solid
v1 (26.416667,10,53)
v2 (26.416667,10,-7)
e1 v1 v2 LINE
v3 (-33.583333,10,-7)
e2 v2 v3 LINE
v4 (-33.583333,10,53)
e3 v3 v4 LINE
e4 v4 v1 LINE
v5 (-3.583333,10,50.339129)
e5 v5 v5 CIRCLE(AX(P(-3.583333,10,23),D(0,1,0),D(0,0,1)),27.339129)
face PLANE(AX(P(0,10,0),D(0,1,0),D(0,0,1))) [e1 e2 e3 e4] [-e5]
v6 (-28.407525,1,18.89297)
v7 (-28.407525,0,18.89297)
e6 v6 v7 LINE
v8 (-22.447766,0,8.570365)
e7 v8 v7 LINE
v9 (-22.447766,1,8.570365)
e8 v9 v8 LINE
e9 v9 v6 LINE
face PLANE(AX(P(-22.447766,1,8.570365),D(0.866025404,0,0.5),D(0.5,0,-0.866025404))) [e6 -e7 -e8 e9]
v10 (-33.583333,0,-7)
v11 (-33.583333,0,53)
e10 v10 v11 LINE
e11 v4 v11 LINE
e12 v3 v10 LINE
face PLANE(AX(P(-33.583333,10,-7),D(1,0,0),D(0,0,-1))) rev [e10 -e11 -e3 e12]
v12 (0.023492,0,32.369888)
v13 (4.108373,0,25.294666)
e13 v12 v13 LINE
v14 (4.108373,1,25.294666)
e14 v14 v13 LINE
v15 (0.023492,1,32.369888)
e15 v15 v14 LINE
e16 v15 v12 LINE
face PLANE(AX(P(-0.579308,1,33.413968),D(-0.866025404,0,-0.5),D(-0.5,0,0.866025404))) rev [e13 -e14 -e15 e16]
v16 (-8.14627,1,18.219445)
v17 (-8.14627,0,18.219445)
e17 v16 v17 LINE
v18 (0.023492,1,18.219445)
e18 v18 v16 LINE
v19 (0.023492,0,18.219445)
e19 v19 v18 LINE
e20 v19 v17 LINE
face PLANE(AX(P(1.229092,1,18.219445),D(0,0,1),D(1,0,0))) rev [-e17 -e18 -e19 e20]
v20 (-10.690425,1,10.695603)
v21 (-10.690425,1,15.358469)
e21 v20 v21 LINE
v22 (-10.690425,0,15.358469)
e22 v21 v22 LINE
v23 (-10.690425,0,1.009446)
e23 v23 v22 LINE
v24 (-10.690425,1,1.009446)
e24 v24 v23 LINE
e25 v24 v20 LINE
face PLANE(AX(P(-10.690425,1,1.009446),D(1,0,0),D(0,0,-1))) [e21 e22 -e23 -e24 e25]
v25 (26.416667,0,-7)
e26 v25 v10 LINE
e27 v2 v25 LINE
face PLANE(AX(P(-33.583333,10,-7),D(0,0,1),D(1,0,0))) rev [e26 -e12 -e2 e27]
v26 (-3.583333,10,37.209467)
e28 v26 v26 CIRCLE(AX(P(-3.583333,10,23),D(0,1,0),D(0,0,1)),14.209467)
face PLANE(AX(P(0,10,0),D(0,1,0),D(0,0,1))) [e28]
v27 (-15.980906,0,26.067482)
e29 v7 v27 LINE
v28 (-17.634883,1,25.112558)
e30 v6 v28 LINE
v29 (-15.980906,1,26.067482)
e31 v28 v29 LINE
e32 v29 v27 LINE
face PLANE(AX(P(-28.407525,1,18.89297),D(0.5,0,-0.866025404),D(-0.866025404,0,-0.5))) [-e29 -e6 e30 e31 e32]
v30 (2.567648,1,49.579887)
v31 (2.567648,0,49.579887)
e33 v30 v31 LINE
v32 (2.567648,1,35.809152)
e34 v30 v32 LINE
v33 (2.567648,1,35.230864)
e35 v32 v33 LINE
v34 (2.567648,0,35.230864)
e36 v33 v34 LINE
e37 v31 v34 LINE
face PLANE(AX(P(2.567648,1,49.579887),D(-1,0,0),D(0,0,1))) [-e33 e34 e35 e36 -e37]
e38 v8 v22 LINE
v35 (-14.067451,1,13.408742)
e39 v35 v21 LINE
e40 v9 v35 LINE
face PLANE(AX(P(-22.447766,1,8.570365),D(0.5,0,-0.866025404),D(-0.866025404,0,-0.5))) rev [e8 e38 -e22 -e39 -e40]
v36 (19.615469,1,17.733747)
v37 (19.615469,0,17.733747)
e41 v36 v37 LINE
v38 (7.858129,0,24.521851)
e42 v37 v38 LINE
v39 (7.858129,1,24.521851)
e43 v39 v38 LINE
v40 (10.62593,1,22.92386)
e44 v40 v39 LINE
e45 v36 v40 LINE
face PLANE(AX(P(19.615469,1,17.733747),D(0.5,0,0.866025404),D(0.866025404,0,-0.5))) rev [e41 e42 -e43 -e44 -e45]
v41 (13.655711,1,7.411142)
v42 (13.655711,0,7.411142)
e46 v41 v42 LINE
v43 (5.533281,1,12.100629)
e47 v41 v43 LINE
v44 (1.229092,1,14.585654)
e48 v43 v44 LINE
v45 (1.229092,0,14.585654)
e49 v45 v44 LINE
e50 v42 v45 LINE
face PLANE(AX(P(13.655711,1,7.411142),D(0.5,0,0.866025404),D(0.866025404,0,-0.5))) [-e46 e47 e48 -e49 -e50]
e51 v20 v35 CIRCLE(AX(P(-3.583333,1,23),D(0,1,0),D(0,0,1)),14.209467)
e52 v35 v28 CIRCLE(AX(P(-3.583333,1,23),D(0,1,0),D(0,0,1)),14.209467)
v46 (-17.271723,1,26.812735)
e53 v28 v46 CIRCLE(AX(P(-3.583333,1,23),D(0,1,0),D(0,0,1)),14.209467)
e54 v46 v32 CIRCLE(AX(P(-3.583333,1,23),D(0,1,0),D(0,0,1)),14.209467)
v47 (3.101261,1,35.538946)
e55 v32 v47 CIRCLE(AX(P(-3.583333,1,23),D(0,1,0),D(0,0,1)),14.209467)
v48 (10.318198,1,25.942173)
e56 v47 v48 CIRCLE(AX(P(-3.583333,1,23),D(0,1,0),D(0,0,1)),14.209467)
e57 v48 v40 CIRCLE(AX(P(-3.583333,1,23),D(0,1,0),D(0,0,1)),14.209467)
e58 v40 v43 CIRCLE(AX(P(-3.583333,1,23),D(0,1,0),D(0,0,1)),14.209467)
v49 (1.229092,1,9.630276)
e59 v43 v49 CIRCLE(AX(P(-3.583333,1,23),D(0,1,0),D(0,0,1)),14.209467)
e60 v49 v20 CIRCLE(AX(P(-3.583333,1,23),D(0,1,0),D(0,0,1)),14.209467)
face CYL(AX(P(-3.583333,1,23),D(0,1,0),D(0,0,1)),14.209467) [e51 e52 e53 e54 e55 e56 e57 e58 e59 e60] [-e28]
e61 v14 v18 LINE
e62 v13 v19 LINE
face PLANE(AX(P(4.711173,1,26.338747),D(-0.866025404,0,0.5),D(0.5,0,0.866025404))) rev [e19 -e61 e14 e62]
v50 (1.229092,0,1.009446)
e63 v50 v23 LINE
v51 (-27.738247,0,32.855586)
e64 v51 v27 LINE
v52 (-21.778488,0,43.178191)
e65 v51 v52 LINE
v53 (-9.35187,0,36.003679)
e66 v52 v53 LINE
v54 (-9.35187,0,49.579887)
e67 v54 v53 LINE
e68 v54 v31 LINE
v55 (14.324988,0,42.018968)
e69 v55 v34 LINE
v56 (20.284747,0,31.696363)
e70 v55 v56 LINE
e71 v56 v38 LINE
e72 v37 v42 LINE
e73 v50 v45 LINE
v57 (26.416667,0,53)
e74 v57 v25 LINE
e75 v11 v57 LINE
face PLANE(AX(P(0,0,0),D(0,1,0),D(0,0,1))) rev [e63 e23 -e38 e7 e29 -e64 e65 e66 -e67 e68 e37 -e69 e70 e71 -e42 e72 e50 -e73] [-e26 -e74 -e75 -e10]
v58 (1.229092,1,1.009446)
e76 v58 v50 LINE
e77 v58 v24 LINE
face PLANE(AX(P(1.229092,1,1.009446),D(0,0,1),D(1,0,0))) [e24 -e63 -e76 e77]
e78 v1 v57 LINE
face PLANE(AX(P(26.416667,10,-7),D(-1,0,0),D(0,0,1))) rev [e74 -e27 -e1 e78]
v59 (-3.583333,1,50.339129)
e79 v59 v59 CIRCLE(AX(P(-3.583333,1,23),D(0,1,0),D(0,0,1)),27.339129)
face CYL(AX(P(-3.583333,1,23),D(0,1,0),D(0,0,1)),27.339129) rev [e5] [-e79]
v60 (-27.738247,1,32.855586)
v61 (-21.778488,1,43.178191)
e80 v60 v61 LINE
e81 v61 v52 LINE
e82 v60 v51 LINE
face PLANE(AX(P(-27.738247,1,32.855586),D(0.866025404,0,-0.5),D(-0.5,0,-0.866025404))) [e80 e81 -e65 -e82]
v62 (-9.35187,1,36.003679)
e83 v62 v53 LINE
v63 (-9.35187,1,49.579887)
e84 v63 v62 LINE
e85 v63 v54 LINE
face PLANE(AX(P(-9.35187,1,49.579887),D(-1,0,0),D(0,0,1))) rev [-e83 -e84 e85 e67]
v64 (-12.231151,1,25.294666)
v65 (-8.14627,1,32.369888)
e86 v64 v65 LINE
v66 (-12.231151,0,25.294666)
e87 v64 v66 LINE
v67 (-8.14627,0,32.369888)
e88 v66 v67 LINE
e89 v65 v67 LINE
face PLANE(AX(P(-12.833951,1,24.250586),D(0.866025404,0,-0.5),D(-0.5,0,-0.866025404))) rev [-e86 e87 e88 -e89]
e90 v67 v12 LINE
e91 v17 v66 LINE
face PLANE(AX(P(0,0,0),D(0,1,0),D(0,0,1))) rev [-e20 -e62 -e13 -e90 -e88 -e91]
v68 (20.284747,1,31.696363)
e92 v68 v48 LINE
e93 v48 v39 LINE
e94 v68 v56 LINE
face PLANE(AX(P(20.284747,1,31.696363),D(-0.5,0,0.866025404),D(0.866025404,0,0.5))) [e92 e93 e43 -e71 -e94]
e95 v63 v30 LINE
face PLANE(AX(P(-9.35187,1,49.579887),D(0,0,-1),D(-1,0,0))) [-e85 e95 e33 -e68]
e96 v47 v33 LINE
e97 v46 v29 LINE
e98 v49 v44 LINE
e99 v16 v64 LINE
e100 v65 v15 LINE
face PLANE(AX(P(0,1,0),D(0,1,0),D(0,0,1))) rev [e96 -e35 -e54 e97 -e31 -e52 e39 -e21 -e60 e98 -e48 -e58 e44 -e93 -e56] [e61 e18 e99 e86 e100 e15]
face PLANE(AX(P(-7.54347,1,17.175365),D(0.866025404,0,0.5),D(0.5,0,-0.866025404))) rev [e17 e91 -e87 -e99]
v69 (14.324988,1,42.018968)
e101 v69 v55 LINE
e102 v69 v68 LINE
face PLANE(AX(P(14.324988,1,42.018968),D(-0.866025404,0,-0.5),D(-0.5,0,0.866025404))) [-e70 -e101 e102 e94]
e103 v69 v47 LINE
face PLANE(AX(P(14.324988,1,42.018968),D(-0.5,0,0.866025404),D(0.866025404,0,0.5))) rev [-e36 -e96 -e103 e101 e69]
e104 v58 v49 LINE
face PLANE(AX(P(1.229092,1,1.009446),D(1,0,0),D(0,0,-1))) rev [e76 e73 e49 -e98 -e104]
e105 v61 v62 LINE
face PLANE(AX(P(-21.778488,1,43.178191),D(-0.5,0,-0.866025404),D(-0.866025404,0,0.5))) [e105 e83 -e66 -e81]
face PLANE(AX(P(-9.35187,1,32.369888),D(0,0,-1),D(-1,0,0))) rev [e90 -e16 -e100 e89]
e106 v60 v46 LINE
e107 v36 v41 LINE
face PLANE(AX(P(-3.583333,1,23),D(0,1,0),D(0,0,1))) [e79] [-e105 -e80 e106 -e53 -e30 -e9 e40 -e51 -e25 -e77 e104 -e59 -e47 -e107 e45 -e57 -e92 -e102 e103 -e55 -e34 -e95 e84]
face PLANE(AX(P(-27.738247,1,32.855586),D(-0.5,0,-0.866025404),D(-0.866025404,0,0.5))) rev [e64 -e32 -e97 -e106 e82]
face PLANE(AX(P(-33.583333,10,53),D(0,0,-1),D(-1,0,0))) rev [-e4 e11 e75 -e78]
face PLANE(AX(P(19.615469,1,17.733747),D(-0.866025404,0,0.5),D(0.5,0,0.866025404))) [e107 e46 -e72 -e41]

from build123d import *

# Parameters (mm, degrees)
SKETCH1_W           = 60
SKETCH1_H           = 60
BOSS_EXTRUDE1_DEPTH = 10
SKETCH2_R           = 27.339129043
SKETCH2_R_2         = 14.209467058
CUT_EXTRUDE1_DEPTH  = 9
SKETCH3_W           = 11.919517594
SKETCH3_H           = 17.209998666
SKETCH3_W_2         = 11.919517595
CUT_EXTRUDE3_DEPTH  = 1


with BuildPart() as part:
    # Sketch1 → Boss-Extrude1 (new body)
    with BuildSketch(Plane(origin=(0, 0, 0), x_dir=(1, 0, 0), z_dir=(0, 1, 0))):
        with Locations((-3.583333333, -23)):
            Rectangle(SKETCH1_W, SKETCH1_H)
    extrude(amount=BOSS_EXTRUDE1_DEPTH)

    # Sketch2 → Cut-Extrude1 (cut)
    with BuildSketch(Plane(origin=(0, 10, 0), x_dir=(1, 0, 0), z_dir=(0, 1, 0))):
        with Locations((-3.583333333, -23)):
            Circle(SKETCH2_R)
        with Locations((-3.583333333, -23)):
            Circle(SKETCH2_R_2, mode=Mode.SUBTRACT)
    extrude(amount=-CUT_EXTRUDE1_DEPTH, mode=Mode.SUBTRACT)

    # Sketch3 → Cut-Extrude3 (cut)
    with BuildSketch(Plane.XZ):
        Polygon((14.324988363, 42.018967665), (-0.579307681, 33.413968332), (5.380451117, 23.091363294), (20.284747161, 31.696362627), align=None)
        with Locations((-3.392111126, 40.974887496)):
            Rectangle(SKETCH3_W, SKETCH3_H)
        Polygon((19.615469435, 17.733747325), (4.711173391, 26.338746658), (-1.248585407, 16.01614162), (13.655710637, 7.411142287), align=None)
        with Locations((-4.730666578, 9.614445482)):
            Rectangle(SKETCH3_W_2, SKETCH3_H)
        Polygon((-22.447766067, 8.570365313), (-7.543470023, 17.175364646), (-13.50322882, 27.497969684), (-28.407524864, 18.892970351), align=None)
        Polygon((-27.738247138, 32.855585653), (-12.833951095, 24.25058632), (-6.874192297, 34.573191357), (-21.778488341, 43.178190691), align=None)
    extrude(amount=-CUT_EXTRUDE3_DEPTH, mode=Mode.SUBTRACT)


solid = part.part
